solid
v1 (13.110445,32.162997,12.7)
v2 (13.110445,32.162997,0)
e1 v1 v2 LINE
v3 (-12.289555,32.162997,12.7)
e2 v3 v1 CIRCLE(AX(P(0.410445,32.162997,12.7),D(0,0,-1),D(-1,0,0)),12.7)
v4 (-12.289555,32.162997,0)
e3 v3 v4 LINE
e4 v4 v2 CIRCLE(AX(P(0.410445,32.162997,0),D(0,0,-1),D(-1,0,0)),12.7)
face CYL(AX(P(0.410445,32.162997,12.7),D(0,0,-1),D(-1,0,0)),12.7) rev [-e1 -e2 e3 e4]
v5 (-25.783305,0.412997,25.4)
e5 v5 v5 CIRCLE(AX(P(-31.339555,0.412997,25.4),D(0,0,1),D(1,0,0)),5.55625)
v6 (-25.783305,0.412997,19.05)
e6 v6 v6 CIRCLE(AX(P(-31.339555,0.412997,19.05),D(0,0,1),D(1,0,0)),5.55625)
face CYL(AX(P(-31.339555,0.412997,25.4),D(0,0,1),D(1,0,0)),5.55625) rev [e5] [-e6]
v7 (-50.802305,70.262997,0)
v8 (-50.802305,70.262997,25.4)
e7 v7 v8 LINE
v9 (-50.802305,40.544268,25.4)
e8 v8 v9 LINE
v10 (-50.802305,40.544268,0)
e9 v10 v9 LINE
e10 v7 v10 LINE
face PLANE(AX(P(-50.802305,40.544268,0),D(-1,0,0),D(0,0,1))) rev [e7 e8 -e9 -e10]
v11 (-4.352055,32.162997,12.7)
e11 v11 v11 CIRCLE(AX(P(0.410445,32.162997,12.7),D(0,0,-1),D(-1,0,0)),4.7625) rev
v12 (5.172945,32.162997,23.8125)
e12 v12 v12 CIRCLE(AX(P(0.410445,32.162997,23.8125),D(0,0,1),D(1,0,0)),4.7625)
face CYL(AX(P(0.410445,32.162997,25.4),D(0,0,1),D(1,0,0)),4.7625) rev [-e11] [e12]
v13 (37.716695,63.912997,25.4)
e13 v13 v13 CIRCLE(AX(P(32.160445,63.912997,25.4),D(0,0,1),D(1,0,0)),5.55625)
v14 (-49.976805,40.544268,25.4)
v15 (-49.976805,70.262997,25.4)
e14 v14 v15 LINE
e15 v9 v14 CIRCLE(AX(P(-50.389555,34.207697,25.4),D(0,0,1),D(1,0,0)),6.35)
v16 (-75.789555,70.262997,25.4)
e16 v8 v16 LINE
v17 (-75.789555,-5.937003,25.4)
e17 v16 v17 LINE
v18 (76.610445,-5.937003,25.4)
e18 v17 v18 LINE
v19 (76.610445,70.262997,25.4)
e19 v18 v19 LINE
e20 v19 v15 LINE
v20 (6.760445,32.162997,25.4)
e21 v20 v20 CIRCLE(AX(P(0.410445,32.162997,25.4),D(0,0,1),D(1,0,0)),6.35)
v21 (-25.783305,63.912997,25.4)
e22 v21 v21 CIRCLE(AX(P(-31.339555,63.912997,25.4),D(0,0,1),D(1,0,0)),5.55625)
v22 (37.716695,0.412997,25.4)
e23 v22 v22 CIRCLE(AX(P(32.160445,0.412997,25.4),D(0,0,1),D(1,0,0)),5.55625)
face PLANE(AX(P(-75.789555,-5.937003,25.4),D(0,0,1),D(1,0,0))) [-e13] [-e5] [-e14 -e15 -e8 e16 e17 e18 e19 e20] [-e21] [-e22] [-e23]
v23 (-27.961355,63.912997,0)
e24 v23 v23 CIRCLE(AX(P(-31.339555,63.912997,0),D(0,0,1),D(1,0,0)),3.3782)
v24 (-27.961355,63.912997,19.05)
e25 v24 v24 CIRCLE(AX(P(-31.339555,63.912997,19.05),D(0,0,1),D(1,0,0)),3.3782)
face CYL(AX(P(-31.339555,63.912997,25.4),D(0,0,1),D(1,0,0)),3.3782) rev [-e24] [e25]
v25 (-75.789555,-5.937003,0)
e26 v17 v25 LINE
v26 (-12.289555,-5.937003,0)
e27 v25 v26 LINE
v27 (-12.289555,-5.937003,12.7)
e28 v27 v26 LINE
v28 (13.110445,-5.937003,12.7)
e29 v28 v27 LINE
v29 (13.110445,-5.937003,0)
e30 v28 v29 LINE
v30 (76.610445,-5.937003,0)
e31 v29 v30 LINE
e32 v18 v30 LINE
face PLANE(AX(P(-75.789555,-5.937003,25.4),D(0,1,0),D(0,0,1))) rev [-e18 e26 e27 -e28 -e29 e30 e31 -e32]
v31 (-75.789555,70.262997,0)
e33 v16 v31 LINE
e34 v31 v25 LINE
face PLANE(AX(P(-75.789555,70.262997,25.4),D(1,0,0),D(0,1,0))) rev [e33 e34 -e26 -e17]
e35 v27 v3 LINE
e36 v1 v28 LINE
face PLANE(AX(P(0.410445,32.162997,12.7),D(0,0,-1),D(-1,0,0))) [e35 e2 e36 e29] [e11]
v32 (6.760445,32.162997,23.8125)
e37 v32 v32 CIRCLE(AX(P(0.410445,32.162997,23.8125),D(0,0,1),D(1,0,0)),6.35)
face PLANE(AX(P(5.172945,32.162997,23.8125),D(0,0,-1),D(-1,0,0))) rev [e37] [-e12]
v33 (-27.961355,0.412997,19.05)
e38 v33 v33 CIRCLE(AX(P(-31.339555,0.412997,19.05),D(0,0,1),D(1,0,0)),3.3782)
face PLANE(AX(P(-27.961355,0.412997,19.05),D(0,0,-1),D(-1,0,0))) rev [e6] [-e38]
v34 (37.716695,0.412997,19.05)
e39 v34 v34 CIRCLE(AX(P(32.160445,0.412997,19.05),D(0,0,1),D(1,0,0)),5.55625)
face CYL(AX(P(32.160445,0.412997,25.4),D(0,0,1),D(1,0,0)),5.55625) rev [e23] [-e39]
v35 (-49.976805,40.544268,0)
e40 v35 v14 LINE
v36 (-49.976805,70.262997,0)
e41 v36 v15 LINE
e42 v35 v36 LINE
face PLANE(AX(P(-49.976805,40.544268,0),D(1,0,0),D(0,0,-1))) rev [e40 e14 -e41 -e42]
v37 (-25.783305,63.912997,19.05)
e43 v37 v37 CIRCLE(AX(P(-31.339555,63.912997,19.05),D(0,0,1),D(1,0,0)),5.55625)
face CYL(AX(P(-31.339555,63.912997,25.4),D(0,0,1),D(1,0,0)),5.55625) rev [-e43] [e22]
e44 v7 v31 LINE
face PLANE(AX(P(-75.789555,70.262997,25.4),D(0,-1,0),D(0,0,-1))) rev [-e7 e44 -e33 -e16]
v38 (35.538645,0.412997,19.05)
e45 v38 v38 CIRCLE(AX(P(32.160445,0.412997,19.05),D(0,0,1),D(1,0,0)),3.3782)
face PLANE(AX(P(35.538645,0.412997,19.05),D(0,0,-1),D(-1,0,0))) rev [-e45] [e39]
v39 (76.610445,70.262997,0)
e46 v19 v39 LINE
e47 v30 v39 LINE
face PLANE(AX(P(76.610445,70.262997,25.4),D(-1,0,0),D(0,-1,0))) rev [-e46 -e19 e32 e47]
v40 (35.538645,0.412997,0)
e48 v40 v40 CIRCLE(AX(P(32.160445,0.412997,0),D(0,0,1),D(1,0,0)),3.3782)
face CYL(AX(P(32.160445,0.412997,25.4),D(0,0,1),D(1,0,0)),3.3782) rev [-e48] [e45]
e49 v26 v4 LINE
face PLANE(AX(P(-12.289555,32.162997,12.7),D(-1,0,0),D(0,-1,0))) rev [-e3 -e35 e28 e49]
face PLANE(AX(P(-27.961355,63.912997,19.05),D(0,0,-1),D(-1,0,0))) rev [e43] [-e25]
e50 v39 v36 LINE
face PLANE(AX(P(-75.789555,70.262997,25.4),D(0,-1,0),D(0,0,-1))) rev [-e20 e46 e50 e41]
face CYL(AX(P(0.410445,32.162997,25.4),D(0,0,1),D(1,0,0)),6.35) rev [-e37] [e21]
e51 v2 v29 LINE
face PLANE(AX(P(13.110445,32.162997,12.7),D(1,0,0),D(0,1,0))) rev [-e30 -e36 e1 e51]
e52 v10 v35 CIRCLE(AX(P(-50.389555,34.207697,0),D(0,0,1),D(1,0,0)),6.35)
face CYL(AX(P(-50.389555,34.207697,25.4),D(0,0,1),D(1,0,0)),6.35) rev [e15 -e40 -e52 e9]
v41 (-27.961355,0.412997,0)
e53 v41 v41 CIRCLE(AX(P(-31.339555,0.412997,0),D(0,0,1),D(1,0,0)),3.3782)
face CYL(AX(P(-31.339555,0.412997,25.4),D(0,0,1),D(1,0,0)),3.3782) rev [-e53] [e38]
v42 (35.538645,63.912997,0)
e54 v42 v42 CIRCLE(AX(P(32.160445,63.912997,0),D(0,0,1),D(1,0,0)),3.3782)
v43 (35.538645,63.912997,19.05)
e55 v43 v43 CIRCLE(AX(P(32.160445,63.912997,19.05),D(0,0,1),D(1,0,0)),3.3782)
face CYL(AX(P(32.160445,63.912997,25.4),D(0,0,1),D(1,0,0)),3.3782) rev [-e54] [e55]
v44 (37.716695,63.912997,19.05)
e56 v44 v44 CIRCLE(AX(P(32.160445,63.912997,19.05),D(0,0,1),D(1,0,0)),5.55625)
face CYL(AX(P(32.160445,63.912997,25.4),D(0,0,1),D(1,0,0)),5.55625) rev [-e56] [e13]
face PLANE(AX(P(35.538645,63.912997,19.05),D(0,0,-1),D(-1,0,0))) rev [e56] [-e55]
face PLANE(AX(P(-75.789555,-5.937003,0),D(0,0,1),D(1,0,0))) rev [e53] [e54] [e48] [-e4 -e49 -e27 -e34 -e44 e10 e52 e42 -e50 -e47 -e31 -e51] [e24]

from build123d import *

# Parameters (mm, degrees)
SKETCH1_W                                        = 152.4
SKETCH1_H                                        = 76.2
BOSS_EXTRUDE1_DEPTH                              = 25.4
HOLE1_D                                          = 9.525
HOLE1_CBORE_D                                    = 12.7
HOLE1_CBORE_DEPTH                                = 1.5875
F_1_2_0_5_DIAMETER_HOLE1_D                       = 12.7
CBORE_FOR_1_4_SOCKET_HEAD_CAP_SCREW1_D           = 6.7564
CBORE_FOR_1_4_SOCKET_HEAD_CAP_SCREW1_CBORE_D     = 11.1125
CBORE_FOR_1_4_SOCKET_HEAD_CAP_SCREW1_CBORE_DEPTH = 6.35
CUT_EXTRUDE2_DEPTH                               = 12.7
SKETCH22_W                                       = 0.8255
SKETCH22_H                                       = 29.718728574
CUT_EXTRUDE4_DEPTH                               = 108.010322277


with BuildPart() as part:
    # Sketch1 → Boss-Extrude1 (new body)
    with BuildSketch(Plane.XY):
        with Locations((0.410445336, 32.162996942)):
            Rectangle(SKETCH1_W, SKETCH1_H)
    extrude(amount=BOSS_EXTRUDE1_DEPTH)

    # Hole1 (through all)
    with Locations(Plane.XY.offset(25.4)):
        with Locations((0.410445336, 32.162996942)):
            CounterBoreHole(HOLE1_D / 2, HOLE1_CBORE_D / 2, HOLE1_CBORE_DEPTH)

    # 1/2 (0.5) Diameter Hole1 (through all)
    with Locations(Plane.XY.offset(25.4)):
        with Locations((-50.389554664, 34.207696942)):
            Hole(F_1_2_0_5_DIAMETER_HOLE1_D / 2)

    # CBORE for 1/4 Socket Head Cap Screw1 (through all)
    with Locations(Plane.XY.offset(25.4)):
        with Locations((-31.339554664, 63.912996942), (-31.339554664, 0.412996942), (32.160445336, 0.412996942), (32.160445336, 63.912996942)):
            CounterBoreHole(CBORE_FOR_1_4_SOCKET_HEAD_CAP_SCREW1_D / 2, CBORE_FOR_1_4_SOCKET_HEAD_CAP_SCREW1_CBORE_D / 2, CBORE_FOR_1_4_SOCKET_HEAD_CAP_SCREW1_CBORE_DEPTH)

    # Sketch14 → Cut-Extrude2 (cut)
    with BuildSketch(Plane(origin=(0, 0, 0), x_dir=(-1, 0, 0), z_dir=(0, 0, -1))):
        with BuildLine():
            Line((-13.110445336, 32.162996942), (-13.110445336, -5.937003058))
            Line((-13.110445336, -5.937003058), (12.289554664, -5.937003058))
            Line((12.289554664, -5.937003058), (12.289554664, 32.162996942))
            ThreePointArc((12.289554664, 32.162996942), (-0.410445336, 44.862996942), (-13.110445336, 32.162996942))
        make_face()
    extrude(amount=-CUT_EXTRUDE2_DEPTH, mode=Mode.SUBTRACT)

    # Sketch22 → Cut-Extrude4 (cut, through all)
    with BuildSketch(Plane.XY.offset(25.4)):
        with Locations((-50.389554664, 55.403632655)):
            Rectangle(SKETCH22_W, SKETCH22_H)
    extrude(amount=-CUT_EXTRUDE4_DEPTH, mode=Mode.SUBTRACT)


solid = part.part
